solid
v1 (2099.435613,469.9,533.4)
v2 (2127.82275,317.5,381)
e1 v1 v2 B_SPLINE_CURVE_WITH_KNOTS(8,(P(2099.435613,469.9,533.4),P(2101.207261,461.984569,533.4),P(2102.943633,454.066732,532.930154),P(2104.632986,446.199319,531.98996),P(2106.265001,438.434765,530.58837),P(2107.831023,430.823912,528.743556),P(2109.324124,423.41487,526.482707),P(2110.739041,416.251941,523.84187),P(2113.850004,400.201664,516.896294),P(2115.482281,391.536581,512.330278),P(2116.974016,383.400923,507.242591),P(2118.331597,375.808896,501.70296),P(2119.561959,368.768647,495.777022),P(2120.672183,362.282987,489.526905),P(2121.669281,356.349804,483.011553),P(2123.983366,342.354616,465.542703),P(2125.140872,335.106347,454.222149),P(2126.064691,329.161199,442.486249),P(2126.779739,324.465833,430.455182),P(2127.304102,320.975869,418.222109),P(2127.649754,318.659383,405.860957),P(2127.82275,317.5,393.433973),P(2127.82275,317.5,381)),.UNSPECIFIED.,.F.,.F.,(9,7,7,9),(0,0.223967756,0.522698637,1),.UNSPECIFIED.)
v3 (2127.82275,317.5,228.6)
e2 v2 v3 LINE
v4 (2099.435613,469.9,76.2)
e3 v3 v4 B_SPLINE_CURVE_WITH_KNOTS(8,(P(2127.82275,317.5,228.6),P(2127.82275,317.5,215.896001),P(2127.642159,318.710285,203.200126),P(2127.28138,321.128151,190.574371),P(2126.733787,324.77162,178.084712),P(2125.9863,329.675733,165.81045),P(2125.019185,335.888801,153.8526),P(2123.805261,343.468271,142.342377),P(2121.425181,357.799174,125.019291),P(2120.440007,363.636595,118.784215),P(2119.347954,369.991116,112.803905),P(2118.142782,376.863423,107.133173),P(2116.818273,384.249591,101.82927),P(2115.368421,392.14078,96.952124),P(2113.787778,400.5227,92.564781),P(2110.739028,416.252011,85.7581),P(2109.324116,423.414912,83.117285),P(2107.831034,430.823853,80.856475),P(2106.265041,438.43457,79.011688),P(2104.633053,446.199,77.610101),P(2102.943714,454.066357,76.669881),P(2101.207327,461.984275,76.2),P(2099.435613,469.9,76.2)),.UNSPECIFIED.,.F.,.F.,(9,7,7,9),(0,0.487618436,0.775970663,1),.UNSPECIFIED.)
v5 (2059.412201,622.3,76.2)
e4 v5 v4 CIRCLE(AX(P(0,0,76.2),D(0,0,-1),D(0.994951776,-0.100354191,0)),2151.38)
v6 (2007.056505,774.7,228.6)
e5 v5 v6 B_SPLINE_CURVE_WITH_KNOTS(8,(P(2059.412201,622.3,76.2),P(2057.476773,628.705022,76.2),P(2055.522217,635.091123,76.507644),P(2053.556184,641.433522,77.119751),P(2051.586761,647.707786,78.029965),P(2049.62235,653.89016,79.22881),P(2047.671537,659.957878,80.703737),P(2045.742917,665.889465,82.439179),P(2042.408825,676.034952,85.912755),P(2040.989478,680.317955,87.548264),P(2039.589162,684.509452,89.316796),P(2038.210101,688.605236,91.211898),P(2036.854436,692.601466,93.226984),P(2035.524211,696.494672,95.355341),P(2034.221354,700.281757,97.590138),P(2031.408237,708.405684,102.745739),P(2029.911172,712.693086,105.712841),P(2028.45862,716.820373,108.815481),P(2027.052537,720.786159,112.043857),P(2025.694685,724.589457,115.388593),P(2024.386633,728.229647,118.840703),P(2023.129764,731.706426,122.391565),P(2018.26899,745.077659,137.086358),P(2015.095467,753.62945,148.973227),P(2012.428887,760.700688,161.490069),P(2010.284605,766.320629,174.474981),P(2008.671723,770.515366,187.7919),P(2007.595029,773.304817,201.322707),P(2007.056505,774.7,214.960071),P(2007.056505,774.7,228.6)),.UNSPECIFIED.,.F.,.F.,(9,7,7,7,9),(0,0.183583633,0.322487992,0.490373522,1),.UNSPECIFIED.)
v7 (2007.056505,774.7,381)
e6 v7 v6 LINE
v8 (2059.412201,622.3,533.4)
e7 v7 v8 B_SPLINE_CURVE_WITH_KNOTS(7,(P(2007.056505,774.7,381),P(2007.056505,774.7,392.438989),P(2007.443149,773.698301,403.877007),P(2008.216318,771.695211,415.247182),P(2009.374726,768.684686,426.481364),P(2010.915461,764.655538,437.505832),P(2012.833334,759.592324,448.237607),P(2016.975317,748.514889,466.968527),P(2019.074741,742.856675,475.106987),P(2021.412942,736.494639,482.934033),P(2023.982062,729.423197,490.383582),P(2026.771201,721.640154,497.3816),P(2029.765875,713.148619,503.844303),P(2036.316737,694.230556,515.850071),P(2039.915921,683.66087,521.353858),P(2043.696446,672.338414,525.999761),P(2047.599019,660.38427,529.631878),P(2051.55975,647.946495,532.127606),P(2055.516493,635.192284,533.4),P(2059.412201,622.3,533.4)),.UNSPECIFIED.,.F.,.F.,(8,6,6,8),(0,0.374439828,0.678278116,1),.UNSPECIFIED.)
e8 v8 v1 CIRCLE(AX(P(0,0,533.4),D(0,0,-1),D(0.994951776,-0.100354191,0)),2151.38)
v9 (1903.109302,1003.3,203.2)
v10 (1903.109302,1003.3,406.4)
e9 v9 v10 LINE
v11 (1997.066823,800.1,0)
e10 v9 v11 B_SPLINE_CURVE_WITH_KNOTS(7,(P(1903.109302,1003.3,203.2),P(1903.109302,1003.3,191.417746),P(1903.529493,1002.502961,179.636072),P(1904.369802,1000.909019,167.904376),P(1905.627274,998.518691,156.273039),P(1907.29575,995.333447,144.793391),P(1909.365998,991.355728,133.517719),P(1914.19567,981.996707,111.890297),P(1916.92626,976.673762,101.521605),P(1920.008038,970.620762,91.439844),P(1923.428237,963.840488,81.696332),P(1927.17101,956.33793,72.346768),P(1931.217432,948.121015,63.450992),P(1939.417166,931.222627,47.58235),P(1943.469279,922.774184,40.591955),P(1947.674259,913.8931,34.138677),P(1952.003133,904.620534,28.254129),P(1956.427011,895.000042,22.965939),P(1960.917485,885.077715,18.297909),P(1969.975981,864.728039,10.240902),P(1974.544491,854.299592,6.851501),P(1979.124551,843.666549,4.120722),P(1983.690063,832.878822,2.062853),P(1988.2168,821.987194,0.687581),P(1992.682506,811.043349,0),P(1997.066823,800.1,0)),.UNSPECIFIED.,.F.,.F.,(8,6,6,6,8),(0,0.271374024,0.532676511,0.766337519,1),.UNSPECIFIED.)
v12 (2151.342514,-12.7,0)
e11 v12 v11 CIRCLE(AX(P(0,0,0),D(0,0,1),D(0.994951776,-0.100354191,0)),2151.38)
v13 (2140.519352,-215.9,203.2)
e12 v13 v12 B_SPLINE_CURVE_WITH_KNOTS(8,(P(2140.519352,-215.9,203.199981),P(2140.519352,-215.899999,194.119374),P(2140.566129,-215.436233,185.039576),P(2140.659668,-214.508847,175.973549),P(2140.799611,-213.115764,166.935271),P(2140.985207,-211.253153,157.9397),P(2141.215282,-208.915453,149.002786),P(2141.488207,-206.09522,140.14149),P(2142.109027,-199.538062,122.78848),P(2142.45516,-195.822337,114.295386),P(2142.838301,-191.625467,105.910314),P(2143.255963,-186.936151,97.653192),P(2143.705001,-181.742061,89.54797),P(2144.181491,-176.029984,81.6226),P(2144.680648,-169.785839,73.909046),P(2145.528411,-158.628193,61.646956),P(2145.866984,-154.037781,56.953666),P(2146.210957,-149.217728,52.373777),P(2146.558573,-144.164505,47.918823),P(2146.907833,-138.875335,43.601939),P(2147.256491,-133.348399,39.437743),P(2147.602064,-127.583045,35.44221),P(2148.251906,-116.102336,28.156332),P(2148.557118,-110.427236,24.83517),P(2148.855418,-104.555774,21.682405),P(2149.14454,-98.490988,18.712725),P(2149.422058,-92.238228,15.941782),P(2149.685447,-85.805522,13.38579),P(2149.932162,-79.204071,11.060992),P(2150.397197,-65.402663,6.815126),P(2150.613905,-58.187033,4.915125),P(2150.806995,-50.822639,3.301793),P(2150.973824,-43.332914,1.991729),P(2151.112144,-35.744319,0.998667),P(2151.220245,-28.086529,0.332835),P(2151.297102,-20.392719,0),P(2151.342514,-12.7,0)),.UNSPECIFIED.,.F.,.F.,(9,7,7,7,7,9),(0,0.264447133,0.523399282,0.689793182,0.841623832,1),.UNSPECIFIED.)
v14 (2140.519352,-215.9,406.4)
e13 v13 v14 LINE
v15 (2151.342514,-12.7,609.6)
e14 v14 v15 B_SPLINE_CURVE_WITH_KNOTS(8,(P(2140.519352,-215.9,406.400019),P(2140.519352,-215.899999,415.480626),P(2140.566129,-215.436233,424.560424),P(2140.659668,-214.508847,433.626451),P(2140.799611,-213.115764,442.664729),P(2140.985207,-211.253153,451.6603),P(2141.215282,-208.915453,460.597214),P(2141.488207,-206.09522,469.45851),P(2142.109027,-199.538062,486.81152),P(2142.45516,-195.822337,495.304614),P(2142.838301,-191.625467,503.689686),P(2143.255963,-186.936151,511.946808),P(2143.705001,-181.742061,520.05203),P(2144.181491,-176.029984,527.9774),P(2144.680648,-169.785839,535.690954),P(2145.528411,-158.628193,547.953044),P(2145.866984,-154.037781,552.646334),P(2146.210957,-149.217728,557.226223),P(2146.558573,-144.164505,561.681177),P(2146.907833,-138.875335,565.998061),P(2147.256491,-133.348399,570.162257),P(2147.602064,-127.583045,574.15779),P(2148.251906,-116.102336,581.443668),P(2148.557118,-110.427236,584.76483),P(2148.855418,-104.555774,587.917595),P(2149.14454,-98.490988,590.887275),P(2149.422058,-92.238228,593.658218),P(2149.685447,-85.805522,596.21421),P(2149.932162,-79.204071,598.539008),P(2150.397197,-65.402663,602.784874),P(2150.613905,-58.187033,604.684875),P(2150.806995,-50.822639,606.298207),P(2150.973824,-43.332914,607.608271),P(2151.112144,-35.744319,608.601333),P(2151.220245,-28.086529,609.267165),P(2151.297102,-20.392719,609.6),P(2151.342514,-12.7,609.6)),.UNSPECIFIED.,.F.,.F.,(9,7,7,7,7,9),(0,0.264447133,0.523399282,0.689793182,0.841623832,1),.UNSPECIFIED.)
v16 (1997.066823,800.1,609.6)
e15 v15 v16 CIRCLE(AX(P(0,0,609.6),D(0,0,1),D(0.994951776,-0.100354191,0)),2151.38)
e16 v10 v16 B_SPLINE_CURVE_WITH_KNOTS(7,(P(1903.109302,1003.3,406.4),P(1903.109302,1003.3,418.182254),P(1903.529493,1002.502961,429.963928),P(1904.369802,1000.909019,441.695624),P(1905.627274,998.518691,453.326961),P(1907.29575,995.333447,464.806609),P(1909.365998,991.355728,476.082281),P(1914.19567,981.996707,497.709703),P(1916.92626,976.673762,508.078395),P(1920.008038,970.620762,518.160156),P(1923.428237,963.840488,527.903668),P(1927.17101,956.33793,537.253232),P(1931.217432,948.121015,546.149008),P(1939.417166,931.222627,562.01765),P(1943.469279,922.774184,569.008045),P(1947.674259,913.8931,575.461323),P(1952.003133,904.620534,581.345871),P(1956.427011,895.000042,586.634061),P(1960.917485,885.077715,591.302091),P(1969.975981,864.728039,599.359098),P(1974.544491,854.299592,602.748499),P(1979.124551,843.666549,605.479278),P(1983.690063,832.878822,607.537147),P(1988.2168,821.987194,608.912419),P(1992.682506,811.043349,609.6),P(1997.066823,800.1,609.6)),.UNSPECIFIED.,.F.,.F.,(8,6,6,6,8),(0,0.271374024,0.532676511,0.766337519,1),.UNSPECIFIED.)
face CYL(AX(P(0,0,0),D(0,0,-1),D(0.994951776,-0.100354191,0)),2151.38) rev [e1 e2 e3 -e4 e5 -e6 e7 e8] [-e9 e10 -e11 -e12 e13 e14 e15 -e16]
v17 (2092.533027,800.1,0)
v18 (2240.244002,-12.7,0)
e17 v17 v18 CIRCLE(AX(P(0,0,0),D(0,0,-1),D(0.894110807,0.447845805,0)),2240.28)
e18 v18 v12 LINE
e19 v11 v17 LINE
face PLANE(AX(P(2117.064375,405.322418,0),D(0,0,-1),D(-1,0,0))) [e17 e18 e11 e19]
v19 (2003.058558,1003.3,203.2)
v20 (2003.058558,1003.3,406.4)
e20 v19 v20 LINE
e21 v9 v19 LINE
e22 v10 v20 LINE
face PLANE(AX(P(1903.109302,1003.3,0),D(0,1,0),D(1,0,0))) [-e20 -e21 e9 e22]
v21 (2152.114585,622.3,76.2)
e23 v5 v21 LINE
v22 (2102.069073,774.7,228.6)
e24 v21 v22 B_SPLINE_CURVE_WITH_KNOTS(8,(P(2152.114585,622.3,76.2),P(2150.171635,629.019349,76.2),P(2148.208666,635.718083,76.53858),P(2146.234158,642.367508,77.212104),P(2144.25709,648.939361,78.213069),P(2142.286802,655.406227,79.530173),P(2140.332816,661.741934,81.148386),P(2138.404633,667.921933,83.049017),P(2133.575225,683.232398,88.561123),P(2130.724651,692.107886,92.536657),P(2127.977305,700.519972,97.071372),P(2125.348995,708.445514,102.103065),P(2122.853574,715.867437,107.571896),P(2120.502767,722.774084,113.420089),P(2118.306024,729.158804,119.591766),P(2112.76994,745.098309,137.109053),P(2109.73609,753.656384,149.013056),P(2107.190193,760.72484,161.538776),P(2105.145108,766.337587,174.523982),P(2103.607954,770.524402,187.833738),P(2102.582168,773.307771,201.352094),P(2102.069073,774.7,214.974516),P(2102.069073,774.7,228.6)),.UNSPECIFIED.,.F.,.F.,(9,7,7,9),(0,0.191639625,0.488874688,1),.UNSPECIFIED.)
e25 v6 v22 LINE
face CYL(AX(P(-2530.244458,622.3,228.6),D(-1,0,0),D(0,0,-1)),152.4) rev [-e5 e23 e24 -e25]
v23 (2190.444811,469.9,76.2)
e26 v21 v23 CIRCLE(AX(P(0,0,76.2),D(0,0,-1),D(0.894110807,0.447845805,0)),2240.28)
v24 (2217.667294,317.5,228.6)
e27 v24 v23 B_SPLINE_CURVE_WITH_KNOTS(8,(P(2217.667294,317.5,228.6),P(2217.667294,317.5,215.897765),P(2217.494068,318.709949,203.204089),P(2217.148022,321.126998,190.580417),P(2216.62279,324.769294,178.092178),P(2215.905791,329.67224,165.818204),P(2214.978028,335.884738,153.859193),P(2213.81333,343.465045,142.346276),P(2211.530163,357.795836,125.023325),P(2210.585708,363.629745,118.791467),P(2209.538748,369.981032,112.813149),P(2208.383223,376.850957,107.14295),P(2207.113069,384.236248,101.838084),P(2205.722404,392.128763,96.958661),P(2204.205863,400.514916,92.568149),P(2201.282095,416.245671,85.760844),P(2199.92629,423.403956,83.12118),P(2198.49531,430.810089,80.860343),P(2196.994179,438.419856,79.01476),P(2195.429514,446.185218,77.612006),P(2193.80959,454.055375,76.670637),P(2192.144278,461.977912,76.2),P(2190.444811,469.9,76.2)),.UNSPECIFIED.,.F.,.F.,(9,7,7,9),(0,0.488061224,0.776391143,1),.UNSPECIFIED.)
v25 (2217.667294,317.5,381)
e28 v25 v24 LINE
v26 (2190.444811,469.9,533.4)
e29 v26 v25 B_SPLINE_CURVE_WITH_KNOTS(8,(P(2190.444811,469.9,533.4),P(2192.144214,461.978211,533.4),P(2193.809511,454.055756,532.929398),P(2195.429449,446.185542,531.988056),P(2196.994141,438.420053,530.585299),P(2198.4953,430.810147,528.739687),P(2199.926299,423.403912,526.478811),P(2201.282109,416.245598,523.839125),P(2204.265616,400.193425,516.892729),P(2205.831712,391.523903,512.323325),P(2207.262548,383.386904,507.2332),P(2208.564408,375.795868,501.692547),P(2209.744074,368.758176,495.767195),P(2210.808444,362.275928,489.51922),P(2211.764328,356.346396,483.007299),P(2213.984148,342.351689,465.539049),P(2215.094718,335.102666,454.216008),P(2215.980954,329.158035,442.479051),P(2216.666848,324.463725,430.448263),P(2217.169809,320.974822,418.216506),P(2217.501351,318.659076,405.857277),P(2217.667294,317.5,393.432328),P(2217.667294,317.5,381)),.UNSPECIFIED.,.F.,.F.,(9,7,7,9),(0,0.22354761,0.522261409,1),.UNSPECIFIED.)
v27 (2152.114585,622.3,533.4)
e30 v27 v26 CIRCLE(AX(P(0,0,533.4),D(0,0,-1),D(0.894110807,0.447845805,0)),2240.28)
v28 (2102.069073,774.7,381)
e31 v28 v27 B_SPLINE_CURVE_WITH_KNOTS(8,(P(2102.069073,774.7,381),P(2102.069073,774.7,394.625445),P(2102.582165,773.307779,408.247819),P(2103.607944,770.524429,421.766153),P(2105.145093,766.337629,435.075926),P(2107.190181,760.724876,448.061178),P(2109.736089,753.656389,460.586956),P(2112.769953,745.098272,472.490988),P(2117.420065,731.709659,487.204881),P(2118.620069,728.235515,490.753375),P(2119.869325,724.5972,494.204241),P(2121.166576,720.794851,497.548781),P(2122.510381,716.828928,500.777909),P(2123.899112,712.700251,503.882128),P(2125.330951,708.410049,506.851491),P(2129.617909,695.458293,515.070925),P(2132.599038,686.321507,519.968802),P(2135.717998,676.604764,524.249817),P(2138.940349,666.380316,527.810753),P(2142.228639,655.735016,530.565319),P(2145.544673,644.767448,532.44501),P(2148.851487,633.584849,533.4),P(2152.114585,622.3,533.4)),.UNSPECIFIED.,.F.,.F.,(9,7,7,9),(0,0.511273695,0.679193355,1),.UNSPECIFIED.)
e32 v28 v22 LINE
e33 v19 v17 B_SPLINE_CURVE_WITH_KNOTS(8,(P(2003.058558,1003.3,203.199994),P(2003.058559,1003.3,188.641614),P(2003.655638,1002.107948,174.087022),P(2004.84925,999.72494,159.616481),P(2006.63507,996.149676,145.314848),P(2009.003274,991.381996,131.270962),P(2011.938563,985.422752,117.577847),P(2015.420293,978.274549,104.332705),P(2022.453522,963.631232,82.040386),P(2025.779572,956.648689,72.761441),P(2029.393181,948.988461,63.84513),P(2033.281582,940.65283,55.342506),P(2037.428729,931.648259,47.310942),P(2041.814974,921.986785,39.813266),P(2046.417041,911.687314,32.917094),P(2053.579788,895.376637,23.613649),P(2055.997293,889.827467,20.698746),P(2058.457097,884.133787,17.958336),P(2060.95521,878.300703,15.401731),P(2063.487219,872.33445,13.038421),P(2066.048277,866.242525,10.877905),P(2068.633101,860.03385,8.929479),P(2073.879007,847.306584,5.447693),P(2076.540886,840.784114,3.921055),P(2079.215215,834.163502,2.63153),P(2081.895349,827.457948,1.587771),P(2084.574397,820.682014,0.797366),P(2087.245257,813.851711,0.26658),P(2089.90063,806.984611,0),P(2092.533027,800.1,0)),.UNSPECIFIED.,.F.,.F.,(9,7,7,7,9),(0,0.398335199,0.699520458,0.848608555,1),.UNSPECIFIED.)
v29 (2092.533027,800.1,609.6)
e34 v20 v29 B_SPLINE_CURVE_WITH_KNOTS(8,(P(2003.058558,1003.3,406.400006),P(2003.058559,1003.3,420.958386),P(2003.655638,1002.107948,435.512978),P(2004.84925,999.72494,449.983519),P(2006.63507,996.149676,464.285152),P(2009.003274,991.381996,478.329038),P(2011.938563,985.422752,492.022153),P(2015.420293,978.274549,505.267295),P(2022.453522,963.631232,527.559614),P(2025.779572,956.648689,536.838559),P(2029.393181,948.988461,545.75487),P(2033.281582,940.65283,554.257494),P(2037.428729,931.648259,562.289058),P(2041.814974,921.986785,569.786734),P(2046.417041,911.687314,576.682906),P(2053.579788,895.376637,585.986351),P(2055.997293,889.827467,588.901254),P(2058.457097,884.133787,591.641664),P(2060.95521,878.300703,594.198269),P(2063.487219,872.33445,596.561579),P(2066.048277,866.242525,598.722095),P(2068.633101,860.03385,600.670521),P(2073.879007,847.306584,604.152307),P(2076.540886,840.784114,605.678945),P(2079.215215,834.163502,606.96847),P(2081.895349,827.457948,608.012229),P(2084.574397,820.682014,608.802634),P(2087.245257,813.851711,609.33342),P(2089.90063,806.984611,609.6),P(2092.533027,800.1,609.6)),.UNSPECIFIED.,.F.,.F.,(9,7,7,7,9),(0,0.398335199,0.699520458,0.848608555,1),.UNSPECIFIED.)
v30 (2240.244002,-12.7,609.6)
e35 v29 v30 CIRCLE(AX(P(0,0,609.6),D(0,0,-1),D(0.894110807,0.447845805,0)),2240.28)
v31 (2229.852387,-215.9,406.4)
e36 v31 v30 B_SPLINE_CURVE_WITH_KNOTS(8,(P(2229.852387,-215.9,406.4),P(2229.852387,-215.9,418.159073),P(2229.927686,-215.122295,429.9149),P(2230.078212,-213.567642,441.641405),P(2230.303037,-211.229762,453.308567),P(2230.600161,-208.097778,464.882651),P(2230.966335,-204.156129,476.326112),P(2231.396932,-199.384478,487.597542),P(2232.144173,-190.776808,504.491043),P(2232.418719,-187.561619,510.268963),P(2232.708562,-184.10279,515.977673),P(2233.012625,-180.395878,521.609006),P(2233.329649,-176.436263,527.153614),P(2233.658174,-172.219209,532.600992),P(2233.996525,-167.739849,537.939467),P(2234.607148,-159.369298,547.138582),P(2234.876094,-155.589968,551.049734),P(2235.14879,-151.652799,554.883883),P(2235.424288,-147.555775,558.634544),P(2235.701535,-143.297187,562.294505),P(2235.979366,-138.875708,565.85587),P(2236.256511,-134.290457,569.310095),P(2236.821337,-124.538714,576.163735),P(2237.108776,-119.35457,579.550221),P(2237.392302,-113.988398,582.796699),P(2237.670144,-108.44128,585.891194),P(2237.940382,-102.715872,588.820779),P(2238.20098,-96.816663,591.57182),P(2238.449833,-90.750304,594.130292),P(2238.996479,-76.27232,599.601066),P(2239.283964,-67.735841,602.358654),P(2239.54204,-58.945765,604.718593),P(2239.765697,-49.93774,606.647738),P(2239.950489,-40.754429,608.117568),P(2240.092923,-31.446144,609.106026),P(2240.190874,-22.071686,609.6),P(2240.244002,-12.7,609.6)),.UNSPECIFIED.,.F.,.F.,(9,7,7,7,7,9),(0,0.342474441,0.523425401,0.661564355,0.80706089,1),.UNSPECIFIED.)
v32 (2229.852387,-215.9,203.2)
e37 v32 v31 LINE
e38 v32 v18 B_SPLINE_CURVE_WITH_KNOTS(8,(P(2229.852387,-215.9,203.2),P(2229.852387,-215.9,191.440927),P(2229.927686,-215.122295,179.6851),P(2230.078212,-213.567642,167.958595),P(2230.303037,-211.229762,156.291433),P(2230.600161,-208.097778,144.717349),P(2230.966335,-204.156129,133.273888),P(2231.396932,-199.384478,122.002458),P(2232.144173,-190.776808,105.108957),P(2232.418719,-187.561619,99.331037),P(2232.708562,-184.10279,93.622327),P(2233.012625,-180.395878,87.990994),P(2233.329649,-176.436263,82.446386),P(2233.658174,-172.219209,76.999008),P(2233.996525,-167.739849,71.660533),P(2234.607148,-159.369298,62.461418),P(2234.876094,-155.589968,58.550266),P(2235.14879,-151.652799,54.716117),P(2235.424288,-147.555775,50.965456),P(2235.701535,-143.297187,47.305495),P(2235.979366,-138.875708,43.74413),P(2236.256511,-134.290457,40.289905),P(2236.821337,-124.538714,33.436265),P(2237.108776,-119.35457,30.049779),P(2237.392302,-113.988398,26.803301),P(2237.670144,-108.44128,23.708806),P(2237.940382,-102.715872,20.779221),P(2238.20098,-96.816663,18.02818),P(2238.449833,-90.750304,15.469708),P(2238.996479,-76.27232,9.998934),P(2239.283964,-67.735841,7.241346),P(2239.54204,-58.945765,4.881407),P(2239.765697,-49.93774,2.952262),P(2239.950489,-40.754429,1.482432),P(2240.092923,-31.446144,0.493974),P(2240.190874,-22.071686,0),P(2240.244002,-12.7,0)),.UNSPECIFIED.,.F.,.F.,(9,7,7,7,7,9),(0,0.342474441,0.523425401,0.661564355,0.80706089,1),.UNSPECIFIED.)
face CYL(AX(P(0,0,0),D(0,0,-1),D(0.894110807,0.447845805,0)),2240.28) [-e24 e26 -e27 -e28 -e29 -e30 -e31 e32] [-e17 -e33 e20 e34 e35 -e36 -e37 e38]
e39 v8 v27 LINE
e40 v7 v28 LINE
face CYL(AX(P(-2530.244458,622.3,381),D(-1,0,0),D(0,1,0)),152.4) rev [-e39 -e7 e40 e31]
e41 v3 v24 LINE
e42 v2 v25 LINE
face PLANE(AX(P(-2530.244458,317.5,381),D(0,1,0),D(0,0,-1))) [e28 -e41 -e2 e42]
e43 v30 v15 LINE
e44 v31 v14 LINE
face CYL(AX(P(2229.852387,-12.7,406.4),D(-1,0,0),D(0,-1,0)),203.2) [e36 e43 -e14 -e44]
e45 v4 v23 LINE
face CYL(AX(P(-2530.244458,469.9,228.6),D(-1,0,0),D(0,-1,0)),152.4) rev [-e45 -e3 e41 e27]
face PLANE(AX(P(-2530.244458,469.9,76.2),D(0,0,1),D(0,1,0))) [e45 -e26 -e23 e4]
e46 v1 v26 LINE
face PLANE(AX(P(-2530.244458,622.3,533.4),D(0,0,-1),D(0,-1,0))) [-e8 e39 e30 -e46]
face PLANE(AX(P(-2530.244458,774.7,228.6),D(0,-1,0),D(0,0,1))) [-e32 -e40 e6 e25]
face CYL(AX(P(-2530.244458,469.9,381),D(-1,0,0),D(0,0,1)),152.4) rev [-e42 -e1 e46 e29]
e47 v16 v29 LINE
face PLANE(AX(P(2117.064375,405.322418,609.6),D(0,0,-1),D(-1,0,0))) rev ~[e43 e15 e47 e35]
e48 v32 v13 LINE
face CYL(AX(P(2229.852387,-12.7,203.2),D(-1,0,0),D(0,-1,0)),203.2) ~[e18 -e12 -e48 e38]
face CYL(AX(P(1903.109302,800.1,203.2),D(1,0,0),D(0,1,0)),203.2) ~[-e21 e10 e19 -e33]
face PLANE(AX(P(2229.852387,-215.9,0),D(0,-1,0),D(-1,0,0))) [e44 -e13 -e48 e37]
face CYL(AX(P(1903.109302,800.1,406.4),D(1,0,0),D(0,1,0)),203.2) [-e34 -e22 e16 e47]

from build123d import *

# Parameters (mm, degrees)
BOSS_EXTRUDE2_DEPTH     = 609.6
FILLET1_R               = 203.2
CUT_EXTRUDE1_DEPTH      = 2530.244458167
CUT_EXTRUDE1_DEPTH_BACK = 2530.244458167


with BuildPart() as part:
    # Sketch1 → Boss-Extrude2 (new body)
    with BuildSketch(Plane.XY):
        with BuildLine():
            Line((1903.109301748, 1003.3), (2003.058558405, 1003.3))
            ThreePointArc((2003.058558405, 1003.3), (2202.497656801, 409.705443199), (2229.852387132, -215.9))
            Line((2229.852387132, -215.9), (2140.519351559, -215.9))
            ThreePointArc((2140.519351559, -215.9), (2111.716205237, 411.206241365), (1903.109301748, 1003.3))
        make_face()
    extrude(amount=BOSS_EXTRUDE2_DEPTH)

    # Fillet1
    fillet1_edges = [part.edges().sort_by_distance(p)[0] for p in [
        (2185.185869346, -215.9, 609.6),
        (2185.185869346, -215.9, 0),
        (1953.083930077, 1003.3, 0),
        (1953.083930077, 1003.3, 609.6),
    ]]
    fillet(fillet1_edges, radius=FILLET1_R)

    # Sketch2 → Cut-Extrude1 (cut, two sides: drawn at the far end of the back side and taken through both)
    with BuildSketch(Plane(origin=(0, 0, 0), x_dir=(0, 0, -1), z_dir=(1, 0, 0)).offset(-CUT_EXTRUDE1_DEPTH_BACK)):
        with BuildLine():
            Line((-381, 317.5), (-228.6, 317.5))
            ThreePointArc((-228.6, 317.5), (-120.836926547, 362.136926547), (-76.2, 469.9))
            Line((-76.2, 469.9), (-76.2, 622.3))
            ThreePointArc((-76.2, 622.3), (-120.836926547, 730.063073453), (-228.6, 774.7))
            Line((-228.6, 774.7), (-381, 774.7))
            ThreePointArc((-381, 774.7), (-488.763073453, 730.063073453), (-533.4, 622.3))
            Line((-533.4, 622.3), (-533.4, 469.9))
            ThreePointArc((-533.4, 469.9), (-488.763073453, 362.136926547), (-381, 317.5))
        make_face()
    extrude(amount=CUT_EXTRUDE1_DEPTH + CUT_EXTRUDE1_DEPTH_BACK, mode=Mode.SUBTRACT)


solid = part.part
